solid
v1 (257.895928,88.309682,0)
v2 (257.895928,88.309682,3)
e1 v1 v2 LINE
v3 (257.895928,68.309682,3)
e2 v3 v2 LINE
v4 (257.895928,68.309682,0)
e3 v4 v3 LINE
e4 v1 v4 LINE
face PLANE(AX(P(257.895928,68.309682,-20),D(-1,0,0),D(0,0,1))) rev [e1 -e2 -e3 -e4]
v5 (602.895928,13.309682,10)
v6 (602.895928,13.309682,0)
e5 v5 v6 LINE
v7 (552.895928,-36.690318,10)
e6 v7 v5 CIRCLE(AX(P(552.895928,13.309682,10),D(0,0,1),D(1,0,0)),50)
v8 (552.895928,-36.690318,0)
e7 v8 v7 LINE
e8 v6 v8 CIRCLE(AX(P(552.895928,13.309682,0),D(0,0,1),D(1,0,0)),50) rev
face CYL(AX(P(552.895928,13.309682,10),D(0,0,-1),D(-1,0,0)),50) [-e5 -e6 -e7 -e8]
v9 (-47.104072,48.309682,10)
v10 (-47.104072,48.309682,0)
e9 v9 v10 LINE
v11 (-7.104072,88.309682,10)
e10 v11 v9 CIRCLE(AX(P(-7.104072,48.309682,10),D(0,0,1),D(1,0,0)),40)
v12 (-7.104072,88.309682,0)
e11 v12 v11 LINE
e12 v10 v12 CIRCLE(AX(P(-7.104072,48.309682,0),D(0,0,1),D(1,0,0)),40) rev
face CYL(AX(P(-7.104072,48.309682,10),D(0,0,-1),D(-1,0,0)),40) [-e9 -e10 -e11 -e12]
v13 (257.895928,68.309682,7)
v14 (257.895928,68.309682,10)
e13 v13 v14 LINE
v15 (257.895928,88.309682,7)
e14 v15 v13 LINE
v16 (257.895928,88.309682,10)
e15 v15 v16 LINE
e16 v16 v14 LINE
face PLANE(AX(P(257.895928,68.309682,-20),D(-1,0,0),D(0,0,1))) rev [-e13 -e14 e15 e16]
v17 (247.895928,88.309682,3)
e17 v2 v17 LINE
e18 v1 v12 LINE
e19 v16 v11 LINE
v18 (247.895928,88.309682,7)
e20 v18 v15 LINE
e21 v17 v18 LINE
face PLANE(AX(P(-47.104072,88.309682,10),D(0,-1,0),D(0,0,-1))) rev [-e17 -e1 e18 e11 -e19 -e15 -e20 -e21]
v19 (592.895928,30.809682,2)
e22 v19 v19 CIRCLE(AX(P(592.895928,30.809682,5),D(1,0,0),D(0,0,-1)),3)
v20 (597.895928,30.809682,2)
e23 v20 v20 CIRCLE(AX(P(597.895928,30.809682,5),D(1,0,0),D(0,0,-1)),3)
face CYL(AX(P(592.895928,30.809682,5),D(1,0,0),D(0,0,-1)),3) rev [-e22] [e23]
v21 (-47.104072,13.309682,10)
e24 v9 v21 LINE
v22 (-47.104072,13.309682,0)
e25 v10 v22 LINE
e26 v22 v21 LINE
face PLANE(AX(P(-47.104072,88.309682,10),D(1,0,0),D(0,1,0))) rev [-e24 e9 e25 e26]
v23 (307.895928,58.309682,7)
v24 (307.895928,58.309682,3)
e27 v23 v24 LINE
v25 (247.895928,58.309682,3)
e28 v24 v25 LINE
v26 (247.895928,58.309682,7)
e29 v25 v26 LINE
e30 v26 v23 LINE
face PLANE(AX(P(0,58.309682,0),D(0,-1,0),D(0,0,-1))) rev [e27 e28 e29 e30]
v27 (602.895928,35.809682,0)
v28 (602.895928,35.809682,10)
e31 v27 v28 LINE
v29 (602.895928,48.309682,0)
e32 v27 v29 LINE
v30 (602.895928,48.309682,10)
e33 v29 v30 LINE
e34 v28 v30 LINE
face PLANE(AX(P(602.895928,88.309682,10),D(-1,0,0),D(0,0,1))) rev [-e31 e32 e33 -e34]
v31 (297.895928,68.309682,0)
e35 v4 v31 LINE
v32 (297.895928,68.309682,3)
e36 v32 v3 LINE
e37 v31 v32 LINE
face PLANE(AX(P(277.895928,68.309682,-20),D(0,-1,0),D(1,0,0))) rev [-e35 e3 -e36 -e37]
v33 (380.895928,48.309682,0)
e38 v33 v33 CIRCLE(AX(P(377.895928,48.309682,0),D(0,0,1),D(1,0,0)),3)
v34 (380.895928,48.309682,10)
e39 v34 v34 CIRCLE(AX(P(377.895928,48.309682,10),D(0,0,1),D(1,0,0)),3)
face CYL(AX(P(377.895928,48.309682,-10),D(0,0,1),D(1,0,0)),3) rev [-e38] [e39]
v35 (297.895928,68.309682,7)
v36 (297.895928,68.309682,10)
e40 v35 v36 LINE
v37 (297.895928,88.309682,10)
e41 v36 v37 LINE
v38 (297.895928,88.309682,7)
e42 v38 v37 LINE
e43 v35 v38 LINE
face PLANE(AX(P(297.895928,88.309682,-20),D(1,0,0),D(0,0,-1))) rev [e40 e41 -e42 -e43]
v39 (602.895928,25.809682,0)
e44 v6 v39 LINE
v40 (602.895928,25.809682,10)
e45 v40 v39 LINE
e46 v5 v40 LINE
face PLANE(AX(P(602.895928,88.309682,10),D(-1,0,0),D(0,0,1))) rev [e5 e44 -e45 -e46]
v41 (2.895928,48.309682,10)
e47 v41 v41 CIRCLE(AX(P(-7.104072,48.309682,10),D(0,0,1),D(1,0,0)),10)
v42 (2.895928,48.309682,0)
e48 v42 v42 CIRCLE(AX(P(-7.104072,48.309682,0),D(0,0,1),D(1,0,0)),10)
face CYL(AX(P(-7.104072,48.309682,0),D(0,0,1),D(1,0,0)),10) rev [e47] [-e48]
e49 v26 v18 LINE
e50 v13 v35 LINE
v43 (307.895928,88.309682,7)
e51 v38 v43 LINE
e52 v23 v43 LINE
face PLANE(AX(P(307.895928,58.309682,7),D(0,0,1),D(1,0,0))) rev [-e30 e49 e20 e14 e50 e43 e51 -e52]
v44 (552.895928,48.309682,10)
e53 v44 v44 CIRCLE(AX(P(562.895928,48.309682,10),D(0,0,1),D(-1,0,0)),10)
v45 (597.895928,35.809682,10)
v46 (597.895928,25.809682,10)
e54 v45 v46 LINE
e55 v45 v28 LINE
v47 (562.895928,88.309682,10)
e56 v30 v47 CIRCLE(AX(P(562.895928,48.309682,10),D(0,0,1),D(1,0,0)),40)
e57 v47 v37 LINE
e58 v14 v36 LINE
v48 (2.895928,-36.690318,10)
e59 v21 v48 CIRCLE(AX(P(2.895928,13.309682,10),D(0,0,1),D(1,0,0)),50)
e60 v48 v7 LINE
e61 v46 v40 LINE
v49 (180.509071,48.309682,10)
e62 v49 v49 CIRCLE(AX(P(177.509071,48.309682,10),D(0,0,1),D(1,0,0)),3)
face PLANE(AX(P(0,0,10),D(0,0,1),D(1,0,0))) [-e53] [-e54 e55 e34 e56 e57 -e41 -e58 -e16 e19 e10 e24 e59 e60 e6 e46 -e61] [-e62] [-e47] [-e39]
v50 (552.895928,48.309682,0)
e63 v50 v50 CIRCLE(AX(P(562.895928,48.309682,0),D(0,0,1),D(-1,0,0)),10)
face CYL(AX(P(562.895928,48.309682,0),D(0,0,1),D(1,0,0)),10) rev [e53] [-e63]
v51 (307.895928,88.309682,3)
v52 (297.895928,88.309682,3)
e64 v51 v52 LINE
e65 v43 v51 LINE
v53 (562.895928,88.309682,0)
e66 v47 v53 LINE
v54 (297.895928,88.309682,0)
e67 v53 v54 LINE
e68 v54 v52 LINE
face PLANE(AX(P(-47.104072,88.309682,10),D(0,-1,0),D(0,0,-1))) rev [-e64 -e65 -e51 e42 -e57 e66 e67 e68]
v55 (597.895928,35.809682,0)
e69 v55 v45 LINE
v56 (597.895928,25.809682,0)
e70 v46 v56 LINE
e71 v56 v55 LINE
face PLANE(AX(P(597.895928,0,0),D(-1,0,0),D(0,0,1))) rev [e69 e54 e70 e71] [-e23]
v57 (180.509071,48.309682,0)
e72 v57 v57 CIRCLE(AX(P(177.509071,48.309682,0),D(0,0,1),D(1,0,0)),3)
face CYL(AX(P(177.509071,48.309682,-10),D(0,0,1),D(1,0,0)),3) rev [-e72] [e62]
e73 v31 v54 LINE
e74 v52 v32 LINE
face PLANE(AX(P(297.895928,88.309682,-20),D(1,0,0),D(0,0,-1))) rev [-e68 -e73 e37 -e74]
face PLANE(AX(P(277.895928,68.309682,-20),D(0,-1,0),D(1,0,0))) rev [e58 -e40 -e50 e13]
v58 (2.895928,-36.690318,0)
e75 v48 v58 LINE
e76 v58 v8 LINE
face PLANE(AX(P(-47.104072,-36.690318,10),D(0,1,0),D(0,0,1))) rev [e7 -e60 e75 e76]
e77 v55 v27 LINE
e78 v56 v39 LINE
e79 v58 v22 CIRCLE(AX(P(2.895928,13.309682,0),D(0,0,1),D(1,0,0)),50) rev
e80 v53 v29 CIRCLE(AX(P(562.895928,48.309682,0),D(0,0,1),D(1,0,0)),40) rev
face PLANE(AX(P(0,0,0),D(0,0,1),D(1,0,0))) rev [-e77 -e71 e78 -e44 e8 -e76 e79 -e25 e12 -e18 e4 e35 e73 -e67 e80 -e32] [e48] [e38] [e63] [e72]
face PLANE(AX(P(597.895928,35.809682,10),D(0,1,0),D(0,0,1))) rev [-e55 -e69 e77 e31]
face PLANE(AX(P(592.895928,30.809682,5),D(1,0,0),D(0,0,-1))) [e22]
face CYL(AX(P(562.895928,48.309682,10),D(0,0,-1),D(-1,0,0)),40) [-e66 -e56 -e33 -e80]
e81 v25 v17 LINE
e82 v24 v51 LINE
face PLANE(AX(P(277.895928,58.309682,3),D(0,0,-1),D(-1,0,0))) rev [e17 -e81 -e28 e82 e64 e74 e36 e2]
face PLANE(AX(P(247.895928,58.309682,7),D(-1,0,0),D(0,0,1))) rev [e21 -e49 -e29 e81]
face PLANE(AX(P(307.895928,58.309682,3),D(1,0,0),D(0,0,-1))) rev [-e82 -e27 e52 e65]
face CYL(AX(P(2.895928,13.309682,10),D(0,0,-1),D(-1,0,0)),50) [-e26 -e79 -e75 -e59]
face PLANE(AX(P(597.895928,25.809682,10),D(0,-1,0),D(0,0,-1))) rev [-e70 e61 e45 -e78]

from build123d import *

# Parameters (mm, degrees)
SKETCH1_W           = 650
SKETCH1_H           = 125
BOSS_EXTRUDE1_DEPTH = 10
SKETCH2_R           = 10
CUT_EXTRUDE2_DEPTH  = 10
SKETCH3_R           = 10
CUT_EXTRUDE3_DEPTH  = 10
SKETCH8_R           = 3
CUT_EXTRUDE5_DEPTH  = 20
CUT_EXTRUDE7_DEPTH  = 30
CUT_EXTRUDE8_DEPTH  = 30
BOSS_EXTRUDE5_DEPTH = 20
SKETCH12_W          = 10
SKETCH12_H          = 10
CUT_EXTRUDE9_DEPTH  = 5
SKETCH13_R          = 3
CUT_EXTRUDE10_DEPTH = 5
FILLET3_R           = 50
FILLET5_R           = 40
FILLET6_R           = 50
FILLET7_R           = 40
SKETCH14_W          = 133
SKETCH14_H          = 20
CUT_EXTRUDE11_DEPTH = 80


with BuildPart() as part:
    # Sketch1 → Boss-Extrude1 (new body)
    with BuildSketch(Plane.XY):
        with Locations((277.89592831, 25.809681948)):
            Rectangle(SKETCH1_W, SKETCH1_H)
    extrude(amount=BOSS_EXTRUDE1_DEPTH)

    # Sketch2 → Cut-Extrude2 (cut)
    with BuildSketch(Plane.XY.offset(10)):
        with Locations((-7.10407169, 48.309681948)):
            Circle(SKETCH2_R)
    extrude(amount=-CUT_EXTRUDE2_DEPTH, mode=Mode.SUBTRACT)

    # Sketch3 → Cut-Extrude3 (cut)
    with BuildSketch(Plane.XY.offset(10)):
        with Locations((562.89592831, 48.309681948)):
            Circle(SKETCH3_R)
    extrude(amount=-CUT_EXTRUDE3_DEPTH, mode=Mode.SUBTRACT)

    # Sketch8 → Cut-Extrude5 (cut)
    with BuildSketch(Plane.XY.offset(10)):
        with Locations((177.509070801, 48.309681948)):
            Circle(SKETCH8_R)
        with Locations((377.89592831, 48.309681948)):
            Circle(SKETCH8_R)
    extrude(amount=-CUT_EXTRUDE5_DEPTH, mode=Mode.SUBTRACT)

    # Sketch10 → Cut-Extrude7 (cut)
    with BuildSketch(Plane(origin=(0, 88.309681948, 0), x_dir=(1, 0, 0), z_dir=(0, 1, 0))):
        Polygon((277.89592831, -3), (307.89592831, -3), (307.89592831, -7), (277.89592831, -7), (247.89592831, -7), (247.89592831, -3), align=None)
    extrude(amount=-CUT_EXTRUDE7_DEPTH, mode=Mode.SUBTRACT)

    # Sketch9 → Cut-Extrude8 (cut)
    with BuildSketch(Plane.XY.offset(10)):
        Polygon((277.89592831, 68.309681948), (257.89592831, 68.309681948), (257.89592831, 88.309681948), (297.89592831, 88.309681948), (297.89592831, 68.309681948), align=None)
    extrude(amount=-CUT_EXTRUDE8_DEPTH, mode=Mode.SUBTRACT)

    # Sketch7 → Boss-Extrude5 (add)
    with BuildSketch(Plane.XY.offset(10)):
        Polygon((160.89592831, 25.309681948), (158.89592831, 25.309681948), (158.89592831, -34.690318052), (98.89592831, -34.690318052), (98.89592831, 25.309681948), (96.89592831, 25.309681948), (96.89592831, -36.690318052), (160.89592831, -36.690318052), align=None)
        Polygon((89.89592831, 25.309681948), (91.89592831, 25.309681948), (91.89592831, -36.690318052), (27.89592831, -36.690318052), (27.89592831, 25.309681948), (29.89592831, 25.309681948), (29.89592831, -34.690318052), (89.89592831, -34.690318052), align=None)
    extrude(amount=BOSS_EXTRUDE5_DEPTH)

    # Sketch12 → Cut-Extrude9 (cut)
    with BuildSketch(Plane(origin=(602.89592831, 0, 0), x_dir=(0, 0, -1), z_dir=(1, 0, 0))):
        with Locations((-5, 30.809681948)):
            Rectangle(SKETCH12_W, SKETCH12_H)
    extrude(amount=-CUT_EXTRUDE9_DEPTH, mode=Mode.SUBTRACT)

    # Sketch13 → Cut-Extrude10 (cut)
    with BuildSketch(Plane(origin=(597.89592831, 0, 0), x_dir=(0, 0, -1), z_dir=(1, 0, 0))):
        with Locations((-5, 30.809681948)):
            Circle(SKETCH13_R)
    extrude(amount=-CUT_EXTRUDE10_DEPTH, mode=Mode.SUBTRACT)

    # Fillet3
    fillet3_edges = [part.edges().sort_by_distance(p)[0] for p in [
        (602.89592831, -36.690318052, 5),
    ]]
    fillet(fillet3_edges, radius=FILLET3_R)

    # Fillet5
    fillet5_edges = [part.edges().sort_by_distance(p)[0] for p in [
        (602.89592831, 88.309681948, 5),
    ]]
    fillet(fillet5_edges, radius=FILLET5_R)

    # Fillet6
    fillet6_edges = [part.edges().sort_by_distance(p)[0] for p in [
        (-47.10407169, -36.690318052, 5),
    ]]
    fillet(fillet6_edges, radius=FILLET6_R)

    # Fillet7
    fillet7_edges = [part.edges().sort_by_distance(p)[0] for p in [
        (-47.10407169, 88.309681948, 5),
    ]]
    fillet(fillet7_edges, radius=FILLET7_R)

    # Sketch14 → Cut-Extrude11 (cut)
    with BuildSketch(Plane.XZ.offset(36.690318052)):
        with Locations((94.39592831, 20)):
            Rectangle(SKETCH14_W, SKETCH14_H)
    extrude(amount=-CUT_EXTRUDE11_DEPTH, mode=Mode.SUBTRACT)


solid = part.part
